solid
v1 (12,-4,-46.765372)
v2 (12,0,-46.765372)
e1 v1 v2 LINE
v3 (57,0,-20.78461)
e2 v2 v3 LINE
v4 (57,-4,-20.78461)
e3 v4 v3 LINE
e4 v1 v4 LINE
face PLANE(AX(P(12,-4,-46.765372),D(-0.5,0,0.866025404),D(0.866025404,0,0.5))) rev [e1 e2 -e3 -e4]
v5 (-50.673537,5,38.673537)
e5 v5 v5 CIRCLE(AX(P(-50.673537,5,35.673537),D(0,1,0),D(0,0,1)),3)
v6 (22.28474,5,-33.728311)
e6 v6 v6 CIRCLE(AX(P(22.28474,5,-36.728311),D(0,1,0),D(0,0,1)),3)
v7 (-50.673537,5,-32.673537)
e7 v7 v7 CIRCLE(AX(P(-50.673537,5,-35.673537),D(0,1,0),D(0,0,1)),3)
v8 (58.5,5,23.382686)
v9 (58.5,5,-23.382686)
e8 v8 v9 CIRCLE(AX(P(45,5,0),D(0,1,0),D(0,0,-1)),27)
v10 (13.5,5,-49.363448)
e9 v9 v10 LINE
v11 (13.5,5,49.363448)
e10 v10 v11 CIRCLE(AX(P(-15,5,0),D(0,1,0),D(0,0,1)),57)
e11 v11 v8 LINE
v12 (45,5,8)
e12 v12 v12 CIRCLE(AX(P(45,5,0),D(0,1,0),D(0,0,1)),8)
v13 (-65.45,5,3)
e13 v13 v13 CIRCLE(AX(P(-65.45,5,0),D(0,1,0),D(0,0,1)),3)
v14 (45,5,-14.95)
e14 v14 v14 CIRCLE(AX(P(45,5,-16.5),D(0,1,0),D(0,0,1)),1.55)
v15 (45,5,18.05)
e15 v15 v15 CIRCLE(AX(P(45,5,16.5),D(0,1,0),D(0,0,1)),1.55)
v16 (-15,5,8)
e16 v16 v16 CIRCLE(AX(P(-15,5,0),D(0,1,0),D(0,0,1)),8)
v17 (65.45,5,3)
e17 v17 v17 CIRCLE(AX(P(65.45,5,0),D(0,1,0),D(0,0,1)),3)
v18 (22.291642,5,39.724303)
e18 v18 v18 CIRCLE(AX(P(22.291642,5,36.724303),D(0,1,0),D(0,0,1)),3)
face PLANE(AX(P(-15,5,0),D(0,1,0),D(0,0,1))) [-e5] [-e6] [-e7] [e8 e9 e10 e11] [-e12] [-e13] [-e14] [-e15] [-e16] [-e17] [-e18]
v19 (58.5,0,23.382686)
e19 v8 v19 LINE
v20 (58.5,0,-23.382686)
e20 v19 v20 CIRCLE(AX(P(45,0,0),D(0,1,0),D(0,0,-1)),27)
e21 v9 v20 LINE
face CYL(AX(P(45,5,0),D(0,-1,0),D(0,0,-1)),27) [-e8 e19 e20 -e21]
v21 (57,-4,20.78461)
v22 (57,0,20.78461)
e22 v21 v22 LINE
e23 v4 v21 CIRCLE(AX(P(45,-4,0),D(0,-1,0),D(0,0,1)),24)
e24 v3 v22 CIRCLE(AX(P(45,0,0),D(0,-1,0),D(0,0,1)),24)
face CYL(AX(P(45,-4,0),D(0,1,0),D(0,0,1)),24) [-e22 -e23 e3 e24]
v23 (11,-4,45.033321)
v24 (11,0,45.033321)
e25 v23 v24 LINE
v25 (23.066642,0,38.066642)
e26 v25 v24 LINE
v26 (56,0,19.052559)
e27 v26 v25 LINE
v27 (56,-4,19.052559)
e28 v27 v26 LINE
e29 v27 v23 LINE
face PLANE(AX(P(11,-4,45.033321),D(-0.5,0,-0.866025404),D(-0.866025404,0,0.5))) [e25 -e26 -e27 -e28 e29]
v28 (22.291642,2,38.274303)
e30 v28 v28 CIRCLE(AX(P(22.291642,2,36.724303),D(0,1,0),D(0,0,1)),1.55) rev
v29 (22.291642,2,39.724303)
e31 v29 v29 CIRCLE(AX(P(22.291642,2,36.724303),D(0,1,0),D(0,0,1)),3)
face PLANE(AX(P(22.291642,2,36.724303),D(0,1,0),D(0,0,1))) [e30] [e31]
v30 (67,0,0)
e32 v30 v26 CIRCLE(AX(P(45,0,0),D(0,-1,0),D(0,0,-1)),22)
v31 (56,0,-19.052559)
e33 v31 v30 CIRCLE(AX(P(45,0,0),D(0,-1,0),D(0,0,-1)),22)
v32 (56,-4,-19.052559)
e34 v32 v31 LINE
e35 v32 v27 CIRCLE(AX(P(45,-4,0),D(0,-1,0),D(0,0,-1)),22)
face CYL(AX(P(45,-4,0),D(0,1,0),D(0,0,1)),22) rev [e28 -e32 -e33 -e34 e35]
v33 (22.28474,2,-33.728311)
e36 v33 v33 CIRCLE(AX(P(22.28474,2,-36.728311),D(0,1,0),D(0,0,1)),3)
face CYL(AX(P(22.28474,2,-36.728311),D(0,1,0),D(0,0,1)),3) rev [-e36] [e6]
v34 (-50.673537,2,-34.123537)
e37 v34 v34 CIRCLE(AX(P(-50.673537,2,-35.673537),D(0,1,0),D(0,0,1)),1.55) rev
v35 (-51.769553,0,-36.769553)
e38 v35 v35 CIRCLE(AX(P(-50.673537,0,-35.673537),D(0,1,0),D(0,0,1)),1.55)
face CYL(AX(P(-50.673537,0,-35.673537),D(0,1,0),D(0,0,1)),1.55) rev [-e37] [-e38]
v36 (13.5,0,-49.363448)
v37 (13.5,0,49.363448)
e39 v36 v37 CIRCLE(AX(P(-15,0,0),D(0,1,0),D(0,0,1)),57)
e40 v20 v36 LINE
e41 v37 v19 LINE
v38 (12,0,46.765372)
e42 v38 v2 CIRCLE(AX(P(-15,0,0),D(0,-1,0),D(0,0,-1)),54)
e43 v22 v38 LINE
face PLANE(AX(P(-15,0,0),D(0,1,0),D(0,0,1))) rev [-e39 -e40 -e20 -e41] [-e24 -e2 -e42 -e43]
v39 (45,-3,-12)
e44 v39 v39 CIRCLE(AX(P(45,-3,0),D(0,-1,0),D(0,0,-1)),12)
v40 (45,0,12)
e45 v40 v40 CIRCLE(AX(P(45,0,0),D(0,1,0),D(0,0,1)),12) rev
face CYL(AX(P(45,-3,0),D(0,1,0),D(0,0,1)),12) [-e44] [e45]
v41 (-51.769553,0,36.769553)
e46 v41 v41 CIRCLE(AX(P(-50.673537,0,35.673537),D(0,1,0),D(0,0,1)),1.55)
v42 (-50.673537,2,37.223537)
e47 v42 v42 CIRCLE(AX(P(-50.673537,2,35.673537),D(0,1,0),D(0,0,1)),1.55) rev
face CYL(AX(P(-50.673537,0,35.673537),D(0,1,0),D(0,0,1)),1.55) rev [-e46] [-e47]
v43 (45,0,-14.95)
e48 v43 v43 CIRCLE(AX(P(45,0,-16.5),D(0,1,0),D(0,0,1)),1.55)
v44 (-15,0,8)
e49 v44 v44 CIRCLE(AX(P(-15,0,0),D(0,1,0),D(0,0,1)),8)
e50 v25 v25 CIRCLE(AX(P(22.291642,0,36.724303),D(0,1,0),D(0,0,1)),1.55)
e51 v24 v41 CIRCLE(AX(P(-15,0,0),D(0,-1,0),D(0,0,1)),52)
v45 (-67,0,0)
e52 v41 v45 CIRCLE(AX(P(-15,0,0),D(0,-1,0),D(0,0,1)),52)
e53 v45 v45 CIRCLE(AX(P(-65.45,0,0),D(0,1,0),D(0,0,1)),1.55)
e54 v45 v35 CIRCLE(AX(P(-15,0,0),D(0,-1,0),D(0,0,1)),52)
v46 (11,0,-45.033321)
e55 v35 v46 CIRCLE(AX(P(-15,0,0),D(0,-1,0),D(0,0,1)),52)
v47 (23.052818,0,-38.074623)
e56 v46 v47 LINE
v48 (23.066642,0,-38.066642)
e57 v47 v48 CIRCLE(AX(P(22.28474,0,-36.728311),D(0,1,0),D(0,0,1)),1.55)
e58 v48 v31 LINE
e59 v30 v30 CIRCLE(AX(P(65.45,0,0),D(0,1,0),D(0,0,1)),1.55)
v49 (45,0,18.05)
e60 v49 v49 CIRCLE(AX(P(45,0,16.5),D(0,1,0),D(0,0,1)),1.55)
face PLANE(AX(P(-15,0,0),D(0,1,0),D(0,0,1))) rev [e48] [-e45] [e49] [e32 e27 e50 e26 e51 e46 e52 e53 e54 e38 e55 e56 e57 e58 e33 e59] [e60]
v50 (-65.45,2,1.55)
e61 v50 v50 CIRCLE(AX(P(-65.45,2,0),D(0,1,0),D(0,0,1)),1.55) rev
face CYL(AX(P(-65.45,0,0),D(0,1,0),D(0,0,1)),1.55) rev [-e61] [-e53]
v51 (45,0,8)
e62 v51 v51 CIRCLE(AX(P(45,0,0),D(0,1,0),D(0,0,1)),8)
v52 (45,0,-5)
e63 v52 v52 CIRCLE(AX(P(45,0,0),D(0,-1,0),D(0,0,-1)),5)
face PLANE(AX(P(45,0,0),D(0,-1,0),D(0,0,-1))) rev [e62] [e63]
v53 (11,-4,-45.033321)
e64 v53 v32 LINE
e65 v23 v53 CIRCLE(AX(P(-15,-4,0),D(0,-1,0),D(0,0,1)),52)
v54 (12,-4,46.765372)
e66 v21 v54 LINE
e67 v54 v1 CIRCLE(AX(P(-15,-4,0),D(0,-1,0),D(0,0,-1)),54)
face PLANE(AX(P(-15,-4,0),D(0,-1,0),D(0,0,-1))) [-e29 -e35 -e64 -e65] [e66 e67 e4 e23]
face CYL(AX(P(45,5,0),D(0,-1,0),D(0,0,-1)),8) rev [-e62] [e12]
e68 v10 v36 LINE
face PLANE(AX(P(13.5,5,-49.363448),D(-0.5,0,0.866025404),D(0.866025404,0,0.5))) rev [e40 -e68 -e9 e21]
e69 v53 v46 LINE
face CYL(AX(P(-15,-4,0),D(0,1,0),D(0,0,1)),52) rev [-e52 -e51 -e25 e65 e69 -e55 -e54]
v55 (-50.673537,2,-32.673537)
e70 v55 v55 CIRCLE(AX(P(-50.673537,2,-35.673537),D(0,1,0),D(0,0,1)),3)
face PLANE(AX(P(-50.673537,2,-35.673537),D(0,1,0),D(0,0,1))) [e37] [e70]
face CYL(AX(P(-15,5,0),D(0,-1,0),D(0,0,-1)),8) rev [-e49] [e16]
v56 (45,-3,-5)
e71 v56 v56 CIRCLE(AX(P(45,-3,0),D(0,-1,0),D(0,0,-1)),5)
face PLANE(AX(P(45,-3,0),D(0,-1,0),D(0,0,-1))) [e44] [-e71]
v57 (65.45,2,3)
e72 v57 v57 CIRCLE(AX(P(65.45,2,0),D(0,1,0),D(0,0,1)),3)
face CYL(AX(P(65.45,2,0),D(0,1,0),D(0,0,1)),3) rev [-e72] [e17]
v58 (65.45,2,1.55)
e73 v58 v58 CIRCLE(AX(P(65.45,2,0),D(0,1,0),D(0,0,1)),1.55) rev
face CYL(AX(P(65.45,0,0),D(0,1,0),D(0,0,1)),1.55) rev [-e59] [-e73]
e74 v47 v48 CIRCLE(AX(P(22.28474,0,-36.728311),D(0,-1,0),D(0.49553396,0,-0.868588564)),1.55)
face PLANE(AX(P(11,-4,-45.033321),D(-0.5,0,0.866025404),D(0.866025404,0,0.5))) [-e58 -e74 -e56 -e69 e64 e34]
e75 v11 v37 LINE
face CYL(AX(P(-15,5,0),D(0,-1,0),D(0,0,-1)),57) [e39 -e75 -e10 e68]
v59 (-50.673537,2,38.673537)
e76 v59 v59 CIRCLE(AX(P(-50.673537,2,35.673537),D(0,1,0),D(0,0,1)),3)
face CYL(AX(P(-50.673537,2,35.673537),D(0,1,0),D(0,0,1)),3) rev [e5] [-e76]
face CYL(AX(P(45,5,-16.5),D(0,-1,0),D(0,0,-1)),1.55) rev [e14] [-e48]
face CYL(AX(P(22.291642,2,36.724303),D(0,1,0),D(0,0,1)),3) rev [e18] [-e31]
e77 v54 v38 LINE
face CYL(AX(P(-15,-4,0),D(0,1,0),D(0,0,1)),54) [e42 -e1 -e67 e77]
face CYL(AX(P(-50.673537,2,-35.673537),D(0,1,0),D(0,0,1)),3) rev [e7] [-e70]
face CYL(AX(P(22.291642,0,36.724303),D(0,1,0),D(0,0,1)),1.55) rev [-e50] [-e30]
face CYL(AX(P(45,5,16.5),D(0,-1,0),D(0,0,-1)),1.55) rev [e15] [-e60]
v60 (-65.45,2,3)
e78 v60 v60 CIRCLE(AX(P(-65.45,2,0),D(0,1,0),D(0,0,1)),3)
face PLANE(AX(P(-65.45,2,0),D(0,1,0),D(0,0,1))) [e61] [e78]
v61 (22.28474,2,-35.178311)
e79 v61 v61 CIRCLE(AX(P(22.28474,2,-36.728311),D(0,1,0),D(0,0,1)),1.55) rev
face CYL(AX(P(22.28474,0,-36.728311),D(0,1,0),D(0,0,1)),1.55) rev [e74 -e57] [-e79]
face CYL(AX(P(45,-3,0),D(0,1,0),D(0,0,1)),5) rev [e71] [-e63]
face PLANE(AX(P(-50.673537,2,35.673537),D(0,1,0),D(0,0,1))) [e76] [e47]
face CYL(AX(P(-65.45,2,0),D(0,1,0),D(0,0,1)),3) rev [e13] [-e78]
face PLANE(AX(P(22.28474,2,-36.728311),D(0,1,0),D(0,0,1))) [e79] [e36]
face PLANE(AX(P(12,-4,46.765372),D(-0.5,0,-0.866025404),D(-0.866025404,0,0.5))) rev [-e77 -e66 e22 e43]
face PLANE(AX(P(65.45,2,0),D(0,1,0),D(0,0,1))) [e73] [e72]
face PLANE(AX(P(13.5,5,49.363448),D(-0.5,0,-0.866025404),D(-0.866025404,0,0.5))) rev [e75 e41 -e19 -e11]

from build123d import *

# Parameters (mm, degrees)
SKETCH1_R           = 8
SKETCH1_R_2         = 1.55
BOSS_EXTRUDE1_DEPTH = 5
SKETCH2_R           = 12
SKETCH2_R_2         = 5
BOSS_EXTRUDE2_DEPTH = 3
BOSS_EXTRUDE3_DEPTH = 4
SKETCH5_R           = 1.55
CUT_EXTRUDE1_DEPTH  = 5
SKETCH6_R           = 3
CUT_EXTRUDE2_DEPTH  = 3


with BuildPart() as part:
    # Sketch1 → Boss-Extrude1 (new body)
    with BuildSketch(Plane(origin=(0, 0, 0), x_dir=(1, 0, 0), z_dir=(0, 1, 0))):
        with BuildLine():
            Line((13.5, -49.363448016), (58.5, -23.382685902))
            ThreePointArc((58.5, -23.382685902), (72, 0), (58.5, 23.382685902))
            Line((58.5, 23.382685902), (13.5, 49.363448016))
            ThreePointArc((13.5, 49.363448016), (-72, 0), (13.5, -49.363448016))
        make_face()
        with Locations(Location((-15, 0, 0), (0, 0, 270))):
            Circle(SKETCH1_R, mode=Mode.SUBTRACT)
        with Locations(Location((45, 0, 0), (0, 0, 270))):
            Circle(SKETCH1_R, mode=Mode.SUBTRACT)
        with Locations(Location((45, 16.5, 0), (0, 0, 270))):
            Circle(SKETCH1_R_2, mode=Mode.SUBTRACT)
        with Locations(Location((45, -16.5, 0), (0, 0, 270))):
            Circle(SKETCH1_R_2, mode=Mode.SUBTRACT)
    extrude(amount=BOSS_EXTRUDE1_DEPTH)

    # Sketch2 → Boss-Extrude2 (add)
    with BuildSketch(Plane.XZ):
        with Locations(Location((45, 0, 0), (0, 0, 90))):
            Circle(SKETCH2_R)
        with Locations(Location((45, 0, 0), (0, 0, 270))):
            Circle(SKETCH2_R_2, mode=Mode.SUBTRACT)
    extrude(amount=BOSS_EXTRUDE2_DEPTH)

    # Sketch4 → Boss-Extrude3 (add)
    with BuildSketch(Plane.XZ):
        with BuildLine():
            Line((12, 46.765371804), (57, 20.784609691))
            ThreePointArc((57, 20.784609691), (69, 0), (57, -20.784609691))
            Line((57, -20.784609691), (12, -46.765371804))
            ThreePointArc((12, -46.765371804), (-69, 0), (12, 46.765371804))
        make_face()
        with BuildLine():
            Line((11, -45.033320997), (56, -19.052558883))
            ThreePointArc((56, -19.052558883), (67, 0), (56, 19.052558883))
            Line((56, 19.052558883), (11, 45.033320997))
            ThreePointArc((11, 45.033320997), (-67, 0), (11, -45.033320997))
        make_face(mode=Mode.SUBTRACT)
    extrude(amount=BOSS_EXTRUDE3_DEPTH)

    # Sketch5 → Cut-Extrude1 (cut)
    with BuildSketch(Plane(origin=(0, 5, 0), x_dir=(1, 0, 0), z_dir=(0, 1, 0))):
        with Locations(Location((-65.45, 0, 0), (0, 0, 270))):
            Circle(SKETCH5_R)
        with Locations(Location((65.45, 0, 0), (0, 0, 270))):
            Circle(SKETCH5_R)
        with Locations(Location((-50.673537111, -35.673537111, 0), (0, 0, 270))):
            Circle(SKETCH5_R)
        with Locations(Location((22.284740181, 36.728311109, 0), (0, 0, 270))):
            Circle(SKETCH5_R)
        with Locations(Location((22.291641994, -36.724302618, 0), (0, 0, 270))):
            Circle(SKETCH5_R)
        with Locations(Location((-50.673537111, 35.673537111, 0), (0, 0, 270))):
            Circle(SKETCH5_R)
    extrude(amount=-CUT_EXTRUDE1_DEPTH, mode=Mode.SUBTRACT)

    # Sketch6 → Cut-Extrude2 (cut)
    with BuildSketch(Plane(origin=(0, 5, 0), x_dir=(1, 0, 0), z_dir=(0, 1, 0))):
        with Locations(Location((-50.673537111, 35.673537111, 0), (0, 0, 270))):
            Circle(SKETCH6_R)
        with Locations(Location((-65.45, 0, 0), (0, 0, 270))):
            Circle(SKETCH6_R)
        with Locations(Location((-50.673537111, -35.673537111, 0), (0, 0, 270))):
            Circle(SKETCH6_R)
        with Locations(Location((22.291641994, -36.724302618, 0), (0, 0, 270))):
            Circle(SKETCH6_R)
        with Locations(Location((22.284740181, 36.728311109, 0), (0, 0, 270))):
            Circle(SKETCH6_R)
        with Locations(Location((65.45, 0, 0), (0, 0, 270))):
            Circle(SKETCH6_R)
    extrude(amount=-CUT_EXTRUDE2_DEPTH, mode=Mode.SUBTRACT)


solid = part.part
